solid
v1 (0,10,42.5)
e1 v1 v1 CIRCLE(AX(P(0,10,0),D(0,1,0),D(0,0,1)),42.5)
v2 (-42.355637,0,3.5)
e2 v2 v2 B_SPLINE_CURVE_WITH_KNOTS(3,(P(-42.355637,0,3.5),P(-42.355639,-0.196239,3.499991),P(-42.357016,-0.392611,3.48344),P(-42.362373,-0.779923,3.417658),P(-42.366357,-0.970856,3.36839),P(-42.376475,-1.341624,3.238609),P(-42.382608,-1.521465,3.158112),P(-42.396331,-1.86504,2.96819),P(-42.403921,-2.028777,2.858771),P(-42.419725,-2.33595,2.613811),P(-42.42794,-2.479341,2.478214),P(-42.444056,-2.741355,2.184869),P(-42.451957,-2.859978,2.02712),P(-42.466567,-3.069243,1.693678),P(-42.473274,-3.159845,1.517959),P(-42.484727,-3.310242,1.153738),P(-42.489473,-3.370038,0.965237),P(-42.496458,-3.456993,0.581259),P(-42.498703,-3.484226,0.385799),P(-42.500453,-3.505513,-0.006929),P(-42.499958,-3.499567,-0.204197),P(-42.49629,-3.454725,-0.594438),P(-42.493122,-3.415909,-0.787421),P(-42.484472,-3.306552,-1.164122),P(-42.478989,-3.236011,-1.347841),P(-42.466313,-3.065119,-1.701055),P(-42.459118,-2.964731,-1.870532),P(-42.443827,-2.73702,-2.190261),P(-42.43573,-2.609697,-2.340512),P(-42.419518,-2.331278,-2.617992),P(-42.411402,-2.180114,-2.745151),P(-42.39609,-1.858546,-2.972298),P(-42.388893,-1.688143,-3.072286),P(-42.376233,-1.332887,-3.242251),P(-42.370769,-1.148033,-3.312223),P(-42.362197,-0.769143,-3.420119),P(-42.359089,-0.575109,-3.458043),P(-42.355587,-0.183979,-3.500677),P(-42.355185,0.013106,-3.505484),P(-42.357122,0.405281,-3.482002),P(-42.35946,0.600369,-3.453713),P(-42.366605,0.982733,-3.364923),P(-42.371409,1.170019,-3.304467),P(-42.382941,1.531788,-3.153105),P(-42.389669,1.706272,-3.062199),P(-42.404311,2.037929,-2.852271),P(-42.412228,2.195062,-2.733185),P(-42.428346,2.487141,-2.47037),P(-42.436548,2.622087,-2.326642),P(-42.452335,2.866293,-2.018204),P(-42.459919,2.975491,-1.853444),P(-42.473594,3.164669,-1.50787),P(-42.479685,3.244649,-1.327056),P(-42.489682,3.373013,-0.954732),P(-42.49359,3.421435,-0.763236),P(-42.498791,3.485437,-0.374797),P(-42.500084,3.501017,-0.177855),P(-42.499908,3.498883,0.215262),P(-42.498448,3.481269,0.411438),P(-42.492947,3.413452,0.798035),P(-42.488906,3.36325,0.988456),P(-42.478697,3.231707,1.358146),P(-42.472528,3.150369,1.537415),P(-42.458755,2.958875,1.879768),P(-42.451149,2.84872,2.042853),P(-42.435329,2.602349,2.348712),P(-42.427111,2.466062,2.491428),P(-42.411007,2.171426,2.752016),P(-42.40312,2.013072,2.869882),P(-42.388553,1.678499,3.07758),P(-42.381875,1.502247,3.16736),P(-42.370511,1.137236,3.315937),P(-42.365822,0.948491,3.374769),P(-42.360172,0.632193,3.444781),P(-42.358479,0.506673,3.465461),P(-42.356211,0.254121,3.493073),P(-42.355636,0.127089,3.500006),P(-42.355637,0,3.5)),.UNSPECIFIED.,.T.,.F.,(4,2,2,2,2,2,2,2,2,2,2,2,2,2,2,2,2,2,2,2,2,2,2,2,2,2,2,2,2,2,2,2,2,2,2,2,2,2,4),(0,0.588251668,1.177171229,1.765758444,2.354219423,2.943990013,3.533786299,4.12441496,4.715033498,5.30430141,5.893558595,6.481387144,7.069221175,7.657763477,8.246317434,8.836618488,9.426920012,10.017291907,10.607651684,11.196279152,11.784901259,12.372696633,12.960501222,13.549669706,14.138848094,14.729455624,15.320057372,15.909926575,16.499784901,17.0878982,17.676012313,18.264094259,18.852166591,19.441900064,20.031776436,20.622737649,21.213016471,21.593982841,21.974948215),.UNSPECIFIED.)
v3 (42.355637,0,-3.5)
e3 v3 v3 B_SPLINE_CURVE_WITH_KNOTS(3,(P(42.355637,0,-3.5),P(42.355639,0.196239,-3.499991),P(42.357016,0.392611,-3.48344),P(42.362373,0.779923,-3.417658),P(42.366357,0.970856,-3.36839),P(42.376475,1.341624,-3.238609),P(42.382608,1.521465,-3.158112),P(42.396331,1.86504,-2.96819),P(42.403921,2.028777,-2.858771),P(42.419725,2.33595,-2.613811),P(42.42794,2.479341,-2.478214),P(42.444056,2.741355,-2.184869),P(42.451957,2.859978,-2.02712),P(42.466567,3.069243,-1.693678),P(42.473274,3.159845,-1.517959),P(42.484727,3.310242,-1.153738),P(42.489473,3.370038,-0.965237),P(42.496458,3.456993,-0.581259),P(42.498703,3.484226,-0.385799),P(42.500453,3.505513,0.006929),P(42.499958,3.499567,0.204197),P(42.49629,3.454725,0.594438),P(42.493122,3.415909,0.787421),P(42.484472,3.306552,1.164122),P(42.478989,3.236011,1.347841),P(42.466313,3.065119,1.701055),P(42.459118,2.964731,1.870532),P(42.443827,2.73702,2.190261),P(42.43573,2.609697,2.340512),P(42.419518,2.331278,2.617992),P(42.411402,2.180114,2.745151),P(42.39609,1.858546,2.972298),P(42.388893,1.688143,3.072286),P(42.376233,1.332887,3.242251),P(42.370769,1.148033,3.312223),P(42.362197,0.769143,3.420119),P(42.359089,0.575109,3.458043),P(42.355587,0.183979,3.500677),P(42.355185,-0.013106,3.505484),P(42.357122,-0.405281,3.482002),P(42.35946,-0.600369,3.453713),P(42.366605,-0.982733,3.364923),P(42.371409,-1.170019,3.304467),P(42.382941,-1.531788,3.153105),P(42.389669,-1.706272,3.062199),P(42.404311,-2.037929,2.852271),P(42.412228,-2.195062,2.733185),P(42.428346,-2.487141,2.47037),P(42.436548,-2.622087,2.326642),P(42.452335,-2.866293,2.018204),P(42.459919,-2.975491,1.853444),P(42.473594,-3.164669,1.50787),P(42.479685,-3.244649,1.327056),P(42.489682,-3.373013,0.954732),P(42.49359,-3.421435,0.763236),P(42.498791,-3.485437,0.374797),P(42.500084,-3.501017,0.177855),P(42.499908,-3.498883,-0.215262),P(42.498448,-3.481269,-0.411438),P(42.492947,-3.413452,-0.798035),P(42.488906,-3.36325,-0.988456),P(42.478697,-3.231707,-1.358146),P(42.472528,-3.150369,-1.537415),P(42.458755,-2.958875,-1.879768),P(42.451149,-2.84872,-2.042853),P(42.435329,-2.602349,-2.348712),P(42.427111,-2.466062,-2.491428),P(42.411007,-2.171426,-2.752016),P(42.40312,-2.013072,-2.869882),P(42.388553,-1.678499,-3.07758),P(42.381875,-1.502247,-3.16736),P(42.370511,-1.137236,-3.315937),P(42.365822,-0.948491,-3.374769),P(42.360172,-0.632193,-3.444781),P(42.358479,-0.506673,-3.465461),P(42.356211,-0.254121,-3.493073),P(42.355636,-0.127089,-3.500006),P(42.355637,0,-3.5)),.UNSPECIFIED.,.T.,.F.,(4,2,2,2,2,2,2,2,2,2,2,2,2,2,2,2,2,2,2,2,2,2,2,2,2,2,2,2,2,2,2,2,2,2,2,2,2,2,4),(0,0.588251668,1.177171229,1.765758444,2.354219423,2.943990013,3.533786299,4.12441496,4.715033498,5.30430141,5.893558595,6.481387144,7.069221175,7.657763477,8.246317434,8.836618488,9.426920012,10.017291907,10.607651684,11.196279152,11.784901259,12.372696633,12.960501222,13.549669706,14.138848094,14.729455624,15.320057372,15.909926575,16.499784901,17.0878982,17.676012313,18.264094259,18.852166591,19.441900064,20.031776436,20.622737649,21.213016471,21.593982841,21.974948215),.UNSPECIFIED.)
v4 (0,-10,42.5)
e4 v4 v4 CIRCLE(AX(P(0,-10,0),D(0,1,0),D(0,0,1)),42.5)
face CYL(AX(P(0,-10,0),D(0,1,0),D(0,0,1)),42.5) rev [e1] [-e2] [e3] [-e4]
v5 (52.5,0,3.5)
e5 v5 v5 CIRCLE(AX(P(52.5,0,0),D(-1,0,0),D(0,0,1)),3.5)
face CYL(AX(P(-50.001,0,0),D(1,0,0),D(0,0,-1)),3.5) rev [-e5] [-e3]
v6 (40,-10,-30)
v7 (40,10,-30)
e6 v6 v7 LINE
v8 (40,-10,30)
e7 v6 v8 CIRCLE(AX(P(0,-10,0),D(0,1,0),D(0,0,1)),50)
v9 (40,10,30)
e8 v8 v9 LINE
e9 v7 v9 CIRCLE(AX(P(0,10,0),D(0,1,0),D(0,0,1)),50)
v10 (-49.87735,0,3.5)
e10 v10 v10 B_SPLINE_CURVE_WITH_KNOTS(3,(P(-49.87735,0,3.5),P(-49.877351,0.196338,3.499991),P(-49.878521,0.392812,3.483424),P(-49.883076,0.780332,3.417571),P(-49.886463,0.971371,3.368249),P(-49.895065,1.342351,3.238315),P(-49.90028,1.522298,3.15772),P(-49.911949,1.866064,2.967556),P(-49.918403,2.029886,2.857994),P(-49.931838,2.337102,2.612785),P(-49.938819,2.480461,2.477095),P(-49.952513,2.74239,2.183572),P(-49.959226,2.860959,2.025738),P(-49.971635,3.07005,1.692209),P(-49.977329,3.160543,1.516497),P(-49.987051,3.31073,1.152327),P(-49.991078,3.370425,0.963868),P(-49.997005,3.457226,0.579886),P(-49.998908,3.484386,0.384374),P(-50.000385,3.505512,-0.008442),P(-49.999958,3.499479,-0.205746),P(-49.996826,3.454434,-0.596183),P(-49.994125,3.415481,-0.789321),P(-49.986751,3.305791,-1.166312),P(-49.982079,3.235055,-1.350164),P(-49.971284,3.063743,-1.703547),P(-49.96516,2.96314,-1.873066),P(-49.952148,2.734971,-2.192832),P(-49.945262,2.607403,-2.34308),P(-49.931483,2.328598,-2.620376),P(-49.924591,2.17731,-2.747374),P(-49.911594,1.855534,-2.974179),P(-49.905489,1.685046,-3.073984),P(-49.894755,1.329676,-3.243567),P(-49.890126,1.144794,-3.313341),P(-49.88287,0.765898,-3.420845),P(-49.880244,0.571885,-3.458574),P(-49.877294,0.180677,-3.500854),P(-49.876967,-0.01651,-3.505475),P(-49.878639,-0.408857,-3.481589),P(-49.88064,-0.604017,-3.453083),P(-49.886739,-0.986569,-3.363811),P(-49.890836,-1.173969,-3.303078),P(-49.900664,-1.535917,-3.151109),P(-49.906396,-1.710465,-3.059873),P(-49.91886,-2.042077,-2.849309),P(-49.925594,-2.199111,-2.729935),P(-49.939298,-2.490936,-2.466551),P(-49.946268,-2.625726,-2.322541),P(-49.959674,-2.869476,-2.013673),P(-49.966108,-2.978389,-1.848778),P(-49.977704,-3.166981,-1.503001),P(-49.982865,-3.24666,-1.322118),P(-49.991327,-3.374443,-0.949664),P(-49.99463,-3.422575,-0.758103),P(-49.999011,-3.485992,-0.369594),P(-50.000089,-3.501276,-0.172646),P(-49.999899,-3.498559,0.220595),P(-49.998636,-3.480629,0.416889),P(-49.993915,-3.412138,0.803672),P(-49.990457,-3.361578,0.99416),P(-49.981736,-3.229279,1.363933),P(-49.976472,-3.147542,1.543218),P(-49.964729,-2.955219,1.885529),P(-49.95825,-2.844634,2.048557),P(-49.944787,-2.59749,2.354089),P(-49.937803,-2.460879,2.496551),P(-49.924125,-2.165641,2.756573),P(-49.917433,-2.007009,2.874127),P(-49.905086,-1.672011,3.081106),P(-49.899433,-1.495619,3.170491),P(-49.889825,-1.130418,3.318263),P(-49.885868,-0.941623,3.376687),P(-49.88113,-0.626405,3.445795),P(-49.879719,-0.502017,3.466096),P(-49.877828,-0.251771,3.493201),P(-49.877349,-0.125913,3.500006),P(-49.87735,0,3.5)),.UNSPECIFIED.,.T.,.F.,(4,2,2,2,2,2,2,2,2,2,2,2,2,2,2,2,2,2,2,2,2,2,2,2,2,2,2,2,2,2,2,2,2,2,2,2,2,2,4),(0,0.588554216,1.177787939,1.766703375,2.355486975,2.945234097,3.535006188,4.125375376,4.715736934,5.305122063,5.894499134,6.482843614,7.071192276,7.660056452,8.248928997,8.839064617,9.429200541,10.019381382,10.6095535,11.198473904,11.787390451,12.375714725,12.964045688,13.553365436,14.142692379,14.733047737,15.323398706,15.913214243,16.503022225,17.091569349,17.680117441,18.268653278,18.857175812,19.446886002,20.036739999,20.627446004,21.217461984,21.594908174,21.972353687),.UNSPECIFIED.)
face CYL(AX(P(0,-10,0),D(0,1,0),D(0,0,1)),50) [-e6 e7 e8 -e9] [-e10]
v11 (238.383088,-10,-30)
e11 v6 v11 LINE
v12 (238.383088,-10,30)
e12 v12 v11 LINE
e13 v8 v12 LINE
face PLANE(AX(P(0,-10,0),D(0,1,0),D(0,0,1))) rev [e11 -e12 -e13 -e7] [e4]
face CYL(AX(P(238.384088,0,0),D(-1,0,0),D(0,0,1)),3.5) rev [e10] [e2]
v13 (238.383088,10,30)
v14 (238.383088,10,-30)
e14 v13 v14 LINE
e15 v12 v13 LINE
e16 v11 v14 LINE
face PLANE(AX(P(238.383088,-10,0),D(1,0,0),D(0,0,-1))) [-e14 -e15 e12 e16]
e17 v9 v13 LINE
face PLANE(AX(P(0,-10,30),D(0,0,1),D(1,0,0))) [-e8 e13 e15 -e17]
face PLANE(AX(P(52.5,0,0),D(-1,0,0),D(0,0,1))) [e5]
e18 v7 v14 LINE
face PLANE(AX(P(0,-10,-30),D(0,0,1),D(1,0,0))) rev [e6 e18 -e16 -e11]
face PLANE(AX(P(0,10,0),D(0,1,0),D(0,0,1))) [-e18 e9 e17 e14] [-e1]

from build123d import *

# Parameters (mm, degrees)
BOSS_EXTRUDE1_DEPTH      = 10
BOSS_EXTRUDE1_DEPTH_BACK = 10
SKETCH1_R                = 42.5
CUT_EXTRUDE6_REACH       = 194.75
CUT_EXTRUDE6_END_RADIUS  = 42.5
SKETCH3_R                = 3.5


with BuildPart() as part:
    # Sketch1 → Boss-Extrude1 (new, two sides: drawn at the far end of the back side and taken through both)
    with BuildSketch(Plane(origin=(0, 0, 0), x_dir=(1, 0, 0), z_dir=(0, 1, 0)).offset(-BOSS_EXTRUDE1_DEPTH_BACK)):
        with BuildLine():
            ThreePointArc((40, 30), (-50, 0), (40, -30))
            Line((40, -30), (238.383087675, -30))
            Line((238.383087675, -30), (238.383087675, 30))
            Line((238.383087675, 30), (40, 30))
        make_face()
        Circle(SKETCH1_R, mode=Mode.SUBTRACT)
    extrude(amount=BOSS_EXTRUDE1_DEPTH + BOSS_EXTRUDE1_DEPTH_BACK)

    # Cut-Extrude6: up to this cylinder (the profile starts outside it)
    cut_extrude6_end = Plane(origin=(0, 0, 0), z_dir=(0, 1, 0)) * Cylinder(CUT_EXTRUDE6_END_RADIUS, 475.5, mode=Mode.PRIVATE)
    # Sketch3 → Cut-Extrude6 (cut, up to the surface)
    with BuildSketch(Plane.ZY.offset(-52.5), mode=Mode.PRIVATE) as cut_extrude6_sk1:
        Circle(SKETCH3_R)
    cut_extrude6_tool1 = extrude(cut_extrude6_sk1.sketch, amount=CUT_EXTRUDE6_REACH, mode=Mode.PRIVATE) - cut_extrude6_end
    cut_extrude6 = cut_extrude6_tool1.solids().sort_by_distance((52.5, 0, 0))[0]
    add(cut_extrude6, mode=Mode.SUBTRACT)

    # Mirror1: Cut-Extrude6 across plane
    add(cut_extrude6.mirror(Plane(origin=(0, 0, 0), x_dir=(0, 0, 1), z_dir=(1, 0, 0))), mode=Mode.SUBTRACT)


solid = part.part
